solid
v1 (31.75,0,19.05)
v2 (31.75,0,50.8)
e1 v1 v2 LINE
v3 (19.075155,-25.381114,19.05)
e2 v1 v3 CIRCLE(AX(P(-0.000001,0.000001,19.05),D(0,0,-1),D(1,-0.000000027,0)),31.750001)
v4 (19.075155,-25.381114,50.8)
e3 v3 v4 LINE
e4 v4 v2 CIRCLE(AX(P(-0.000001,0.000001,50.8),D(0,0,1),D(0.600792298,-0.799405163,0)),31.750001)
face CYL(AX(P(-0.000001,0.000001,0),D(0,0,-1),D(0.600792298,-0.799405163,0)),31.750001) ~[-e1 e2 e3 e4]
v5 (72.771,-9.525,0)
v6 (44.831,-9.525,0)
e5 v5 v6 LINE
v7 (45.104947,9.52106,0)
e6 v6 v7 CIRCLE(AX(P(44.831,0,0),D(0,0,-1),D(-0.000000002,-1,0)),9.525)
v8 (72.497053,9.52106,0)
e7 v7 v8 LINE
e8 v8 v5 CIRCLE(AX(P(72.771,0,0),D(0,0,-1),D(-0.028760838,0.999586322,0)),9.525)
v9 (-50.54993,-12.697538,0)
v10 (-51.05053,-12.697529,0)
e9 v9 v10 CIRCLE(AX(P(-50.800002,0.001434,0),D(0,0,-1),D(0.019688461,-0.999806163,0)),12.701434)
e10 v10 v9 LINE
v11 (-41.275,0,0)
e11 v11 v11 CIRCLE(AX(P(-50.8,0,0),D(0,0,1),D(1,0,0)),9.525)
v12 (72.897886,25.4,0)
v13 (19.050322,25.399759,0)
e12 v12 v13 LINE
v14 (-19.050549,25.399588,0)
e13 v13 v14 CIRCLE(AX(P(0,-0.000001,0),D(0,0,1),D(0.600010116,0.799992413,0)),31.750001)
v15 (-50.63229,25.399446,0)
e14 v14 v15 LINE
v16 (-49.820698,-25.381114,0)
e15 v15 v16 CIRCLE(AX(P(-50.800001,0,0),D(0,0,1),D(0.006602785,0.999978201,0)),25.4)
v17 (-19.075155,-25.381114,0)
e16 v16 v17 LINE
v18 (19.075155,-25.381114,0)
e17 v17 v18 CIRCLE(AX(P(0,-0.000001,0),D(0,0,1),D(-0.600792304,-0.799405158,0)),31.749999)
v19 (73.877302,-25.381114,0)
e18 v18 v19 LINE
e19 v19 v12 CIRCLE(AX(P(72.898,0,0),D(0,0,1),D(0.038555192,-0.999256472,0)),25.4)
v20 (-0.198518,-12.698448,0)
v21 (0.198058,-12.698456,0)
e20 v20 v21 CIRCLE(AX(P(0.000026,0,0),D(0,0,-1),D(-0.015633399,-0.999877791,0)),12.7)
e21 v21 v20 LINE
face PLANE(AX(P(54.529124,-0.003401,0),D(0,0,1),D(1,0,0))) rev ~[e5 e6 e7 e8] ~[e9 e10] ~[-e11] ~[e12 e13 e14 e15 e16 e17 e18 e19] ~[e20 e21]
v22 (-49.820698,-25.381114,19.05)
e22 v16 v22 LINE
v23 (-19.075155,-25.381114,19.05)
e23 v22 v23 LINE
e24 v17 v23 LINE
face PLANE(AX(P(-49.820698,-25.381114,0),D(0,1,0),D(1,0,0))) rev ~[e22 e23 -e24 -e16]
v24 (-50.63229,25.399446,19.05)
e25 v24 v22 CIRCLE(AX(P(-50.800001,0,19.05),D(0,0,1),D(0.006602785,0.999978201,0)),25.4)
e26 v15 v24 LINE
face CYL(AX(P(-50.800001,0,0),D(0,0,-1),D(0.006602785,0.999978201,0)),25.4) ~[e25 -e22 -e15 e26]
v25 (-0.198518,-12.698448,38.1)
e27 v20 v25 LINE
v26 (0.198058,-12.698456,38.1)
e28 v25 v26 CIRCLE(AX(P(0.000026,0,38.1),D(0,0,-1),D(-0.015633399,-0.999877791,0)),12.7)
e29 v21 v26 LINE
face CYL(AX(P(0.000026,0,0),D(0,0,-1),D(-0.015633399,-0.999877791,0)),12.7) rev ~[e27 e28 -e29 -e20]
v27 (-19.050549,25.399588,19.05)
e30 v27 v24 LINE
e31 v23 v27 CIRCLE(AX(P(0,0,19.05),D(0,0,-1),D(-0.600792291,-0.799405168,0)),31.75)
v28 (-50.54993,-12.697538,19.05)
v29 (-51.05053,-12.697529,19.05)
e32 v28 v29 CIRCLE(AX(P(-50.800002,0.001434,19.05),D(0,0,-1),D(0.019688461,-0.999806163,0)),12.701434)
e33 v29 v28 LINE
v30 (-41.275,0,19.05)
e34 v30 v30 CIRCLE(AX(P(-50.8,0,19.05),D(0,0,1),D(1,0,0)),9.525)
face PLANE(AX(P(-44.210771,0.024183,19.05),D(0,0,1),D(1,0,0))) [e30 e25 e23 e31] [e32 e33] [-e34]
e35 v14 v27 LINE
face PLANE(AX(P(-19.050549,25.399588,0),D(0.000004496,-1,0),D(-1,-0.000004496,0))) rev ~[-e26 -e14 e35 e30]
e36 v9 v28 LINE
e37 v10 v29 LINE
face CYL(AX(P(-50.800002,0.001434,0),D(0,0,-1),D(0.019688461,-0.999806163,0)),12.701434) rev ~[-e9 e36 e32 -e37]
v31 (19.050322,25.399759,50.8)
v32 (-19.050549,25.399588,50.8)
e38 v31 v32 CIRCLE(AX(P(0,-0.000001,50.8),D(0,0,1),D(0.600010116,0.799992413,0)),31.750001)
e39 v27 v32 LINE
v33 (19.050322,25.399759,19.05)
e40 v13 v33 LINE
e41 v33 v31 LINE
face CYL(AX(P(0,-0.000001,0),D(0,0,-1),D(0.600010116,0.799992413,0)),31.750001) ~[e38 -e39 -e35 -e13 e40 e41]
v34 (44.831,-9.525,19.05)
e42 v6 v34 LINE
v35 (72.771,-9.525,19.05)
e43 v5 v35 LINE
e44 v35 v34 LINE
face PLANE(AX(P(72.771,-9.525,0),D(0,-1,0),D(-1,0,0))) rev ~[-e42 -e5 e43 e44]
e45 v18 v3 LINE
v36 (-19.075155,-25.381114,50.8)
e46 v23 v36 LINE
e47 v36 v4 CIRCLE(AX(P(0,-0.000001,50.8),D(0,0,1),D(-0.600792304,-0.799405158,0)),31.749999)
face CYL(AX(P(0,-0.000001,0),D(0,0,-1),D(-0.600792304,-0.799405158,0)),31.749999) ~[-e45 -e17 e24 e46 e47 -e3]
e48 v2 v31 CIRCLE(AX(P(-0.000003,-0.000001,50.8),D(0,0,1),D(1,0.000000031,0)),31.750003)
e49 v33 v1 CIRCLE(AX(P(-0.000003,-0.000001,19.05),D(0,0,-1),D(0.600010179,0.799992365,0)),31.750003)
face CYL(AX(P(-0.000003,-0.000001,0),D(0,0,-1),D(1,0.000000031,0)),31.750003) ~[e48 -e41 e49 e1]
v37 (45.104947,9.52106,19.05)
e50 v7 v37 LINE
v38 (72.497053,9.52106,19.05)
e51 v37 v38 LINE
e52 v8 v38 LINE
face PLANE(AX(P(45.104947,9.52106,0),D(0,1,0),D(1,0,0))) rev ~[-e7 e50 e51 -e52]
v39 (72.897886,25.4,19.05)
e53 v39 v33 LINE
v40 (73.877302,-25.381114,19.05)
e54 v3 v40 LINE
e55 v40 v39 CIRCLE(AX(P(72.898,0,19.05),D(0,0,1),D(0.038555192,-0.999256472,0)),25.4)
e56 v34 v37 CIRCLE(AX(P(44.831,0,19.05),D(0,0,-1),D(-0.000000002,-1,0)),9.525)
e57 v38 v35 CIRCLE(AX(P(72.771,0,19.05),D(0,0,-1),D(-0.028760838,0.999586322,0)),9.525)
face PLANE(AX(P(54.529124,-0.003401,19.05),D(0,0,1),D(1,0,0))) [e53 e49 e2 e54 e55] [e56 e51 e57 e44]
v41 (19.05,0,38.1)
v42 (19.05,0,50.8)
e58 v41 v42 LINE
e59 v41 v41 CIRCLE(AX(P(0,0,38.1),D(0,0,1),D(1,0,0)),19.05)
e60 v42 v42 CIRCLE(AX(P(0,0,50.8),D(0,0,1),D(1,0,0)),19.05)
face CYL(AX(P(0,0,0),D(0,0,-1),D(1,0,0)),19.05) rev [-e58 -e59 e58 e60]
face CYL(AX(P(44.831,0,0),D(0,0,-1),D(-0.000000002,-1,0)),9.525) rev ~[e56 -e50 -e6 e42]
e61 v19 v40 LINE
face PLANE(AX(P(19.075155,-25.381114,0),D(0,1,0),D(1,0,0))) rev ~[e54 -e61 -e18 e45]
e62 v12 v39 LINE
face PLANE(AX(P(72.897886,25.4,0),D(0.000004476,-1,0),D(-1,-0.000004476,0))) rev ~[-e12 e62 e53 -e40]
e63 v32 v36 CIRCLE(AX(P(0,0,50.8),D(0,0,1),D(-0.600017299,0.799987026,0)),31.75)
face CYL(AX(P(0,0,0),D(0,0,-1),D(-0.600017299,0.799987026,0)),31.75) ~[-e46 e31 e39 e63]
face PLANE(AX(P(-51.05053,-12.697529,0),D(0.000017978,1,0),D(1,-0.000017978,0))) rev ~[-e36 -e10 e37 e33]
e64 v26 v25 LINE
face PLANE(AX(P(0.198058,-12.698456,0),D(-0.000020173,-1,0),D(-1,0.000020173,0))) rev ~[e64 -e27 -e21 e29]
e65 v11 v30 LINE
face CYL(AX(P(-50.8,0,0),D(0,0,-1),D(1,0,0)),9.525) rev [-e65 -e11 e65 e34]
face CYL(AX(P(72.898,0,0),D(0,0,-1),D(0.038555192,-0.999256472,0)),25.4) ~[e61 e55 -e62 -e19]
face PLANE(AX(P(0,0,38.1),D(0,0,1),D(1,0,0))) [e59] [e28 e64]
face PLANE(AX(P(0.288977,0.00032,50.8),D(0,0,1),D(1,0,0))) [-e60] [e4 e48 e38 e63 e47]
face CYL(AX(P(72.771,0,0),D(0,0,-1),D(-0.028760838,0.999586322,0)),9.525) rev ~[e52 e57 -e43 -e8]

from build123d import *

# Parameters (mm, degrees)
F0_R     = 19.05
F1_DEPTH = 50.8
F2_DEPTH = 38.1
F0_R_2   = 9.525
F3_DEPTH = 19.05


with BuildPart() as f1:
    # F0 (on Top) → F1 (new body)
    with BuildSketch(Plane.XY):
        with BuildLine():
            ThreePointArc((19.075155, -25.381114), (28.405093, -14.184963), (31.75, 0))
            ThreePointArc((31.75, 0), (28.398153, 14.198852), (19.050322, 25.399759))
            ThreePointArc((19.050322, 25.399759), (-0.000142, 31.75), (-19.050549, 25.399588))
            ThreePointArc((-19.050549, 25.399588), (-31.749996, 0.015384), (-19.075155, -25.381114))
            ThreePointArc((-19.075155, -25.381114), (0, -31.75), (19.075155, -25.381114))
        make_face()
        Circle(F0_R, mode=Mode.SUBTRACT)
    extrude(amount=F1_DEPTH)

    # F0 (on Top) → F2 (join)
    with BuildSketch(Plane.XY):
        Circle(F0_R)
        with BuildLine():
            ThreePointArc((-0.198518, -12.698448), (0.00023, 12.7), (0.198058, -12.698456))
            Line((0.198058, -12.698456), (-0.198518, -12.698448))
        make_face(mode=Mode.SUBTRACT)
    extrude(amount=F2_DEPTH)

    # F0 (on Top) → F3 (join)
    with BuildSketch(Plane.XY):
        with BuildLine():
            ThreePointArc((19.050322, 25.399759), (28.398153, 14.198852), (31.75, 0))
            ThreePointArc((31.75, 0), (28.405093, -14.184963), (19.075155, -25.381114))
            Line((19.075155, -25.381114), (71.918698, -25.381114))
            Line((71.918698, -25.381114), (73.877302, -25.381114))
            ThreePointArc((73.877302, -25.381114), (98.293277, 0.489799), (72.897886, 25.4))
            Line((72.897886, 25.4), (19.050322, 25.399759))
        make_face()
        with BuildLine():
            ThreePointArc((44.831, -9.525), (35.306985, 0.136988), (45.104947, 9.52106))
            Line((45.104947, 9.52106), (72.497053, 9.52106))
            ThreePointArc((72.497053, 9.52106), (82.295015, 0.136988), (72.771, -9.525))
            Line((72.771, -9.525), (44.831, -9.525))
        make_face(mode=Mode.SUBTRACT)
        with BuildLine():
            ThreePointArc((-19.075155, -25.381114), (-31.749996, 0.015384), (-19.050549, 25.399588))
            Line((-19.050549, 25.399588), (-50.63229, 25.399446))
            ThreePointArc((-50.63229, 25.399446), (-76.196757, -0.4059), (-49.820698, -25.381114))
            Line((-49.820698, -25.381114), (-19.075155, -25.381114))
        make_face()
        with BuildLine():
            ThreePointArc((-50.54993, -12.697538), (-50.80023, -12.7), (-51.05053, -12.697529))
            Line((-51.05053, -12.697529), (-50.54993, -12.697538))
        make_face(mode=Mode.SUBTRACT)
        with Locations((-50.8, 0)):
            Circle(F0_R_2, mode=Mode.SUBTRACT)
    extrude(amount=F3_DEPTH)


solid = f1.part
